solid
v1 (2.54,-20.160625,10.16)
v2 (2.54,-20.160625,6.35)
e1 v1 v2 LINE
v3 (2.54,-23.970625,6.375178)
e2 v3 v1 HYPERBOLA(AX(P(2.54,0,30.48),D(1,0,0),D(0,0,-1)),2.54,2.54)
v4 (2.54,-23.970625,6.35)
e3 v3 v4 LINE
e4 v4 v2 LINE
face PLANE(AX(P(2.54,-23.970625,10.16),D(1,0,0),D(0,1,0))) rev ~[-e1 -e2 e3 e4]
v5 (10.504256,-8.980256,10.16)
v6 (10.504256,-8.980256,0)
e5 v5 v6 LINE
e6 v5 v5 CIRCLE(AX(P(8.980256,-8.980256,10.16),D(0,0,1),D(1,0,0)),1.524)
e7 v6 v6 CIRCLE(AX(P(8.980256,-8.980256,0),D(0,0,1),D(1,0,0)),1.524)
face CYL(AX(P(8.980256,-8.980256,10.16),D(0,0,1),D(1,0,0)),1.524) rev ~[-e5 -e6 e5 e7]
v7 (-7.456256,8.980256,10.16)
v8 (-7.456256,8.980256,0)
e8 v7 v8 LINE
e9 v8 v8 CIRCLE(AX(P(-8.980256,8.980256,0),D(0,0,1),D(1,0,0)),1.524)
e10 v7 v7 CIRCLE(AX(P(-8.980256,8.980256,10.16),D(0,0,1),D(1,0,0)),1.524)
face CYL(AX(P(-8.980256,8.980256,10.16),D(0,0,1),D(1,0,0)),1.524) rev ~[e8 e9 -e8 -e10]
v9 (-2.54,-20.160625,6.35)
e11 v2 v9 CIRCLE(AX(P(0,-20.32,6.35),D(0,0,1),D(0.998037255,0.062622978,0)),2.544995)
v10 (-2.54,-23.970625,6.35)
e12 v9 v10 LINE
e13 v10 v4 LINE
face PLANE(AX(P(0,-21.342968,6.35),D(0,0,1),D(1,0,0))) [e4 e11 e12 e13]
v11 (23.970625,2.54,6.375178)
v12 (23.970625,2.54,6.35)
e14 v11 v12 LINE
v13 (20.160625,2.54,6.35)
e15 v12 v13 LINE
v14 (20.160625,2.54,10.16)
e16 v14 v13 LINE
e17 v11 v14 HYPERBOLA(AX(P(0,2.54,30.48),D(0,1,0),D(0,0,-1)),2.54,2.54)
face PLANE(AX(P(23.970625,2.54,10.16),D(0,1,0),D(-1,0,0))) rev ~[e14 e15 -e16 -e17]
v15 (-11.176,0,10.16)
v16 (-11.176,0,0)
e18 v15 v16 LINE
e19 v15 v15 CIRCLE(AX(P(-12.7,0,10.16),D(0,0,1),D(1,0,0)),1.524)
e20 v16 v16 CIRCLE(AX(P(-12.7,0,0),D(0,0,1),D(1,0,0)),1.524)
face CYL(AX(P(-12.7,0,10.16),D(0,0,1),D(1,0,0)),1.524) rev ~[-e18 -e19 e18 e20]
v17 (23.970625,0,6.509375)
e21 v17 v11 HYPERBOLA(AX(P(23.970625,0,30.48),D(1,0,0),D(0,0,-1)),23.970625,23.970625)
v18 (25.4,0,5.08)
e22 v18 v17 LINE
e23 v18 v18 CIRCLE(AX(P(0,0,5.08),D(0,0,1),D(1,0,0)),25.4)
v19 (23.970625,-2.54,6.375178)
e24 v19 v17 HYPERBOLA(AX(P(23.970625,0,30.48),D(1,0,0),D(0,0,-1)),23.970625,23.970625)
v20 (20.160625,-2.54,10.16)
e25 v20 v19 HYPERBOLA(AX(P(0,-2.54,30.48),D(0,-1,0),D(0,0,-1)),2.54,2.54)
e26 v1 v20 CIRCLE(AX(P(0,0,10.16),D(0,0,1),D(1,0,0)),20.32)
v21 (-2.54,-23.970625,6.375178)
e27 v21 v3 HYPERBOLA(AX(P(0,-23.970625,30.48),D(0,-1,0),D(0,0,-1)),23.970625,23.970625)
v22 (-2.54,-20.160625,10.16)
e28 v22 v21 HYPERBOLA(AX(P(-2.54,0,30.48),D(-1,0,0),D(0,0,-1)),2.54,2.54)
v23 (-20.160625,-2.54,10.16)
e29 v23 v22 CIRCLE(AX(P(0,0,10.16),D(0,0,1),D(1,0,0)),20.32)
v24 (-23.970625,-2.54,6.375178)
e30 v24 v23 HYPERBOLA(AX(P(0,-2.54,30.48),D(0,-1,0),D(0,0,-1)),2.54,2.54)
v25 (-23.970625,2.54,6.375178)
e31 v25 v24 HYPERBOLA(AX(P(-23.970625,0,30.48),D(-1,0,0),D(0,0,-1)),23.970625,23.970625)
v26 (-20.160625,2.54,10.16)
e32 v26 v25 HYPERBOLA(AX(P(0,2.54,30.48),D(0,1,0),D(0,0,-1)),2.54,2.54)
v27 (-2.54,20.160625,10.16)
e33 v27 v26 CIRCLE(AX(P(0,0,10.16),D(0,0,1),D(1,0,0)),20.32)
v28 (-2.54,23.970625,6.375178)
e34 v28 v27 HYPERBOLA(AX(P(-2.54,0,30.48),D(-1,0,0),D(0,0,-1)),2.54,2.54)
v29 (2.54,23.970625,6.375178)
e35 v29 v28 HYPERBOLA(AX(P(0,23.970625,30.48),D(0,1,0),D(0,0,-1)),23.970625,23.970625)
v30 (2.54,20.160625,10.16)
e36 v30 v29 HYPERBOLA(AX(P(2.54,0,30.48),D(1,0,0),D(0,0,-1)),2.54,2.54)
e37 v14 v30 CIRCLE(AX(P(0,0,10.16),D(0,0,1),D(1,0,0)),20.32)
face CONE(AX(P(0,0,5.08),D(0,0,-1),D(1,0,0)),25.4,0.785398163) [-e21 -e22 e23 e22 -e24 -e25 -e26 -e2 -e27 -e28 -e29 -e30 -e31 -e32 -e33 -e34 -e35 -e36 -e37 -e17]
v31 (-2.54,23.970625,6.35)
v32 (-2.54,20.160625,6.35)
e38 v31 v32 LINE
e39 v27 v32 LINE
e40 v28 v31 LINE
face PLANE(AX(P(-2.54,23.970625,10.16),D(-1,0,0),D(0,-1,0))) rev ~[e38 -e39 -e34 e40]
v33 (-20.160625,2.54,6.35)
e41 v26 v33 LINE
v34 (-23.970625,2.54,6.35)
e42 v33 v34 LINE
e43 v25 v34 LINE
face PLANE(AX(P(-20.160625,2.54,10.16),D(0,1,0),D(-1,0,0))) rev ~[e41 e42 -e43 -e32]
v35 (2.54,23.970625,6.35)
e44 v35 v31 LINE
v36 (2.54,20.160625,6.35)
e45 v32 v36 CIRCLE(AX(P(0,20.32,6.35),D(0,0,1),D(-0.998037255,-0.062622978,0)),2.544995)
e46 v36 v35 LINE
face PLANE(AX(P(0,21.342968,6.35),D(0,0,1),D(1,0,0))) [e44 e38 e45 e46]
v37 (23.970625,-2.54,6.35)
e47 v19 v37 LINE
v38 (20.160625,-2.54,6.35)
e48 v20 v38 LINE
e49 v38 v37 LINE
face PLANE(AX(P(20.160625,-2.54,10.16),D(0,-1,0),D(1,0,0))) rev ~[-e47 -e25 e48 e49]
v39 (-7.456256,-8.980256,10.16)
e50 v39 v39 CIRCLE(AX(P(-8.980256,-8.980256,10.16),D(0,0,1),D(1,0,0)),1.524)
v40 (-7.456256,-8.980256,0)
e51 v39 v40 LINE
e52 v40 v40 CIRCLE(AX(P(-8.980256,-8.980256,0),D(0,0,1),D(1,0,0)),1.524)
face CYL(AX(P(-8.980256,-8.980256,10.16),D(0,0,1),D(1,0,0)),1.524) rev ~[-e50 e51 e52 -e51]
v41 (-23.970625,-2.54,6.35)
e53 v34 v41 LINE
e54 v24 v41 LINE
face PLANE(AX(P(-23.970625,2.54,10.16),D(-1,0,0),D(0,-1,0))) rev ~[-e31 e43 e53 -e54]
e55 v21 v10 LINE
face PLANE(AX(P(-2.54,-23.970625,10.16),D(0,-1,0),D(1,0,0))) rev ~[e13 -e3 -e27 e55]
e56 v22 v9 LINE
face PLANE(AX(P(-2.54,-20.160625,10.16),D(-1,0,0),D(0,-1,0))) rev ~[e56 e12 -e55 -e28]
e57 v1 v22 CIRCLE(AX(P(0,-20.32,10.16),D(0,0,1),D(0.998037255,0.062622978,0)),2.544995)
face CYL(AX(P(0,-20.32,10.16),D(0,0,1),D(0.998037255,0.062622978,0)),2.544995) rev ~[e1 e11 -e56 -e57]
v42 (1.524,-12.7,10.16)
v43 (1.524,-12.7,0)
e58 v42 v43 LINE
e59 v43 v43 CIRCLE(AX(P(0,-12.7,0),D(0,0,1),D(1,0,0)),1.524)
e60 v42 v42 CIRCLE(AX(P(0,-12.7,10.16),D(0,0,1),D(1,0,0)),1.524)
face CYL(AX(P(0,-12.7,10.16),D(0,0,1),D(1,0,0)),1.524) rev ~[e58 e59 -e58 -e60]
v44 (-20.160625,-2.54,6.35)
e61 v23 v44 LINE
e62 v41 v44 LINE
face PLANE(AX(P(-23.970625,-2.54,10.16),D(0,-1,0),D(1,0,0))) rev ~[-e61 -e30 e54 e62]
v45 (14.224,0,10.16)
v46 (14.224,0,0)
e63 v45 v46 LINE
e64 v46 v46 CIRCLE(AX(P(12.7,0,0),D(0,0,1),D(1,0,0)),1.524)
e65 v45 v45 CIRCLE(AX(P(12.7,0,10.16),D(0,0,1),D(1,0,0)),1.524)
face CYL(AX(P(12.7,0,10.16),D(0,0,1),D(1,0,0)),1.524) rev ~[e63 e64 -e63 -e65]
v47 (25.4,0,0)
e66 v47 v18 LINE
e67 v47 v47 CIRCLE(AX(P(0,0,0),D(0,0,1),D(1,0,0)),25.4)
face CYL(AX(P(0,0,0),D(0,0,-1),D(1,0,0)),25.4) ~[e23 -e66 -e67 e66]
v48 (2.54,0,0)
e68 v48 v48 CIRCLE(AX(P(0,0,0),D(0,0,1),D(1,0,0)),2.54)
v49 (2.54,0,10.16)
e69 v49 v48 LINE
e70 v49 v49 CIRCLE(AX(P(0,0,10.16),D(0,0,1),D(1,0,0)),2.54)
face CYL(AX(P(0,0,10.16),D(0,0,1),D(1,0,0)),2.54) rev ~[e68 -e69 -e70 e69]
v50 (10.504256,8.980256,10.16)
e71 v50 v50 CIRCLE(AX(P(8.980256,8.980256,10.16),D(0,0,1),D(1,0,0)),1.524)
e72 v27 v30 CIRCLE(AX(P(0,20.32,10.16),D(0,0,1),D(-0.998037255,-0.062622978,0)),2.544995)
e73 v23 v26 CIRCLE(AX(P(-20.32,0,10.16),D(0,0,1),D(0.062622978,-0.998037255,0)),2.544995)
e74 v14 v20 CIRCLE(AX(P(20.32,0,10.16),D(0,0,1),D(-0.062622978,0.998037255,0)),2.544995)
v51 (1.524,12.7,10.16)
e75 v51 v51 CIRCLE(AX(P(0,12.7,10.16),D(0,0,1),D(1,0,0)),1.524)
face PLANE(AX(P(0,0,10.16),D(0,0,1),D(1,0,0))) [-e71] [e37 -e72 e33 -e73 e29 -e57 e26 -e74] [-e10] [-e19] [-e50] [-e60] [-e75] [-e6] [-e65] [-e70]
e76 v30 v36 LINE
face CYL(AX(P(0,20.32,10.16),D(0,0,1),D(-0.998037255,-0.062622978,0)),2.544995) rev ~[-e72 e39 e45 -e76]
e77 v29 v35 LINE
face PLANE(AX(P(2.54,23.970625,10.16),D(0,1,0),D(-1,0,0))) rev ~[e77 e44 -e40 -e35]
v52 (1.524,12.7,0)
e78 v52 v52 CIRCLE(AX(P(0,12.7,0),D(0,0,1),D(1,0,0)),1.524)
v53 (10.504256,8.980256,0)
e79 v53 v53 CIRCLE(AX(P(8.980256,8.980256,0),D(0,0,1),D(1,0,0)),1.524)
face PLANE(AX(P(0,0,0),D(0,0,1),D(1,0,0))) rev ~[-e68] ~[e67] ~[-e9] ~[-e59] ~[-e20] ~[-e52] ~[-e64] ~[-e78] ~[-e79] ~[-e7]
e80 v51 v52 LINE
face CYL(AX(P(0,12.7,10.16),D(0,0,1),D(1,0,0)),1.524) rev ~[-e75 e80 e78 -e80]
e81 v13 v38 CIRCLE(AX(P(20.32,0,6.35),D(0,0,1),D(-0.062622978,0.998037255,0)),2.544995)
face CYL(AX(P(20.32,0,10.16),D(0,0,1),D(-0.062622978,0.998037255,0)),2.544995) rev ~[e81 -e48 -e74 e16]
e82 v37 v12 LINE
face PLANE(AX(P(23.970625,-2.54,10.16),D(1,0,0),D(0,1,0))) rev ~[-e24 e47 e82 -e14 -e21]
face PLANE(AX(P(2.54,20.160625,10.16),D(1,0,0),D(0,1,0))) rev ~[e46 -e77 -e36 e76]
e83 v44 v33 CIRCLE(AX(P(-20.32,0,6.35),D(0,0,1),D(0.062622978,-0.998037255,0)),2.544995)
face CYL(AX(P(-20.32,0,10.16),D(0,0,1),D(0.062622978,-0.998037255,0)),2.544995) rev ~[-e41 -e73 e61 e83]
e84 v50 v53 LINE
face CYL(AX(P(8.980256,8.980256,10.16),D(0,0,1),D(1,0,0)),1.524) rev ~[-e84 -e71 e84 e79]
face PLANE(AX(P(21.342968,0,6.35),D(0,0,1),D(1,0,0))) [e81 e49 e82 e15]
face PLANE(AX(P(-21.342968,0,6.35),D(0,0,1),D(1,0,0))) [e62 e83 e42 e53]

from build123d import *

# Parameters (mm, degrees)
F0_R     = 25.4
F1_DEPTH = 10.16
F2_SIZE  = 5.08
F3_R     = 2.54
F4_DEPTH = 10.161
F5_R     = 1.524
F6_DEPTH = 10.161
F8_DEPTH = 3.81


with BuildPart() as f1:
    # F0 (on Top) → F1 (new body)
    with BuildSketch(Plane.XY):
        Circle(F0_R)
    extrude(amount=F1_DEPTH)

    # F2
    f2_edges = [f1.edges().sort_by_distance(p)[0] for p in [
        (-25.4, 0, 10.16),
    ]]
    chamfer(f2_edges, length=F2_SIZE)

    # F3 (on face) → F4 (cut, through all)
    with BuildSketch(Plane.XY.offset(10.16)):
        Circle(F3_R)
    extrude(amount=-F4_DEPTH, mode=Mode.SUBTRACT)

    # F5 (on face) → F6 (cut, through all)
    with BuildSketch(Plane.XY.offset(10.16)):
        with Locations((-8.980256, -8.980256)):
            Circle(F5_R)
        with Locations((8.980256, -8.980256)):
            Circle(F5_R)
        with Locations((0, 12.7)):
            Circle(F5_R)
        with Locations((-8.980256, 8.980256)):
            Circle(F5_R)
        with Locations((-12.7, 0)):
            Circle(F5_R)
        with Locations((12.7, 0)):
            Circle(F5_R)
        with Locations((8.980256, 8.980256)):
            Circle(F5_R)
        with Locations((0, -12.7)):
            Circle(F5_R)
    extrude(amount=-F6_DEPTH, mode=Mode.SUBTRACT)

    # F7 (on face) → F8 (cut)
    with BuildSketch(Plane.XY.offset(10.16)):
        with BuildLine():
            Line((23.970625, 2.54), (20.160625, 2.54))
            ThreePointArc((20.160625, 2.54), (17.775005, 0), (20.160625, -2.54))
            Line((20.160625, -2.54), (23.970625, -2.54))
            Line((23.970625, -2.54), (23.970625, 2.54))
        make_face()
        with BuildLine():
            Line((-2.54, 23.970625), (-2.54, 20.160625))
            ThreePointArc((-2.54, 20.160625), (0, 17.775005), (2.54, 20.160625))
            Line((2.54, 20.160625), (2.54, 23.970625))
            Line((2.54, 23.970625), (-2.54, 23.970625))
        make_face()
        with BuildLine():
            Line((-23.970625, -2.54), (-20.160625, -2.54))
            ThreePointArc((-20.160625, -2.54), (-17.775005, 0), (-20.160625, 2.54))
            Line((-20.160625, 2.54), (-23.970625, 2.54))
            Line((-23.970625, 2.54), (-23.970625, -2.54))
        make_face()
        with BuildLine():
            Line((2.54, -23.970625), (2.54, -20.160625))
            ThreePointArc((2.54, -20.160625), (0, -17.775005), (-2.54, -20.160625))
            Line((-2.54, -20.160625), (-2.54, -23.970625))
            Line((-2.54, -23.970625), (2.54, -23.970625))
        make_face()
    extrude(amount=-F8_DEPTH, mode=Mode.SUBTRACT)


solid = f1.part
